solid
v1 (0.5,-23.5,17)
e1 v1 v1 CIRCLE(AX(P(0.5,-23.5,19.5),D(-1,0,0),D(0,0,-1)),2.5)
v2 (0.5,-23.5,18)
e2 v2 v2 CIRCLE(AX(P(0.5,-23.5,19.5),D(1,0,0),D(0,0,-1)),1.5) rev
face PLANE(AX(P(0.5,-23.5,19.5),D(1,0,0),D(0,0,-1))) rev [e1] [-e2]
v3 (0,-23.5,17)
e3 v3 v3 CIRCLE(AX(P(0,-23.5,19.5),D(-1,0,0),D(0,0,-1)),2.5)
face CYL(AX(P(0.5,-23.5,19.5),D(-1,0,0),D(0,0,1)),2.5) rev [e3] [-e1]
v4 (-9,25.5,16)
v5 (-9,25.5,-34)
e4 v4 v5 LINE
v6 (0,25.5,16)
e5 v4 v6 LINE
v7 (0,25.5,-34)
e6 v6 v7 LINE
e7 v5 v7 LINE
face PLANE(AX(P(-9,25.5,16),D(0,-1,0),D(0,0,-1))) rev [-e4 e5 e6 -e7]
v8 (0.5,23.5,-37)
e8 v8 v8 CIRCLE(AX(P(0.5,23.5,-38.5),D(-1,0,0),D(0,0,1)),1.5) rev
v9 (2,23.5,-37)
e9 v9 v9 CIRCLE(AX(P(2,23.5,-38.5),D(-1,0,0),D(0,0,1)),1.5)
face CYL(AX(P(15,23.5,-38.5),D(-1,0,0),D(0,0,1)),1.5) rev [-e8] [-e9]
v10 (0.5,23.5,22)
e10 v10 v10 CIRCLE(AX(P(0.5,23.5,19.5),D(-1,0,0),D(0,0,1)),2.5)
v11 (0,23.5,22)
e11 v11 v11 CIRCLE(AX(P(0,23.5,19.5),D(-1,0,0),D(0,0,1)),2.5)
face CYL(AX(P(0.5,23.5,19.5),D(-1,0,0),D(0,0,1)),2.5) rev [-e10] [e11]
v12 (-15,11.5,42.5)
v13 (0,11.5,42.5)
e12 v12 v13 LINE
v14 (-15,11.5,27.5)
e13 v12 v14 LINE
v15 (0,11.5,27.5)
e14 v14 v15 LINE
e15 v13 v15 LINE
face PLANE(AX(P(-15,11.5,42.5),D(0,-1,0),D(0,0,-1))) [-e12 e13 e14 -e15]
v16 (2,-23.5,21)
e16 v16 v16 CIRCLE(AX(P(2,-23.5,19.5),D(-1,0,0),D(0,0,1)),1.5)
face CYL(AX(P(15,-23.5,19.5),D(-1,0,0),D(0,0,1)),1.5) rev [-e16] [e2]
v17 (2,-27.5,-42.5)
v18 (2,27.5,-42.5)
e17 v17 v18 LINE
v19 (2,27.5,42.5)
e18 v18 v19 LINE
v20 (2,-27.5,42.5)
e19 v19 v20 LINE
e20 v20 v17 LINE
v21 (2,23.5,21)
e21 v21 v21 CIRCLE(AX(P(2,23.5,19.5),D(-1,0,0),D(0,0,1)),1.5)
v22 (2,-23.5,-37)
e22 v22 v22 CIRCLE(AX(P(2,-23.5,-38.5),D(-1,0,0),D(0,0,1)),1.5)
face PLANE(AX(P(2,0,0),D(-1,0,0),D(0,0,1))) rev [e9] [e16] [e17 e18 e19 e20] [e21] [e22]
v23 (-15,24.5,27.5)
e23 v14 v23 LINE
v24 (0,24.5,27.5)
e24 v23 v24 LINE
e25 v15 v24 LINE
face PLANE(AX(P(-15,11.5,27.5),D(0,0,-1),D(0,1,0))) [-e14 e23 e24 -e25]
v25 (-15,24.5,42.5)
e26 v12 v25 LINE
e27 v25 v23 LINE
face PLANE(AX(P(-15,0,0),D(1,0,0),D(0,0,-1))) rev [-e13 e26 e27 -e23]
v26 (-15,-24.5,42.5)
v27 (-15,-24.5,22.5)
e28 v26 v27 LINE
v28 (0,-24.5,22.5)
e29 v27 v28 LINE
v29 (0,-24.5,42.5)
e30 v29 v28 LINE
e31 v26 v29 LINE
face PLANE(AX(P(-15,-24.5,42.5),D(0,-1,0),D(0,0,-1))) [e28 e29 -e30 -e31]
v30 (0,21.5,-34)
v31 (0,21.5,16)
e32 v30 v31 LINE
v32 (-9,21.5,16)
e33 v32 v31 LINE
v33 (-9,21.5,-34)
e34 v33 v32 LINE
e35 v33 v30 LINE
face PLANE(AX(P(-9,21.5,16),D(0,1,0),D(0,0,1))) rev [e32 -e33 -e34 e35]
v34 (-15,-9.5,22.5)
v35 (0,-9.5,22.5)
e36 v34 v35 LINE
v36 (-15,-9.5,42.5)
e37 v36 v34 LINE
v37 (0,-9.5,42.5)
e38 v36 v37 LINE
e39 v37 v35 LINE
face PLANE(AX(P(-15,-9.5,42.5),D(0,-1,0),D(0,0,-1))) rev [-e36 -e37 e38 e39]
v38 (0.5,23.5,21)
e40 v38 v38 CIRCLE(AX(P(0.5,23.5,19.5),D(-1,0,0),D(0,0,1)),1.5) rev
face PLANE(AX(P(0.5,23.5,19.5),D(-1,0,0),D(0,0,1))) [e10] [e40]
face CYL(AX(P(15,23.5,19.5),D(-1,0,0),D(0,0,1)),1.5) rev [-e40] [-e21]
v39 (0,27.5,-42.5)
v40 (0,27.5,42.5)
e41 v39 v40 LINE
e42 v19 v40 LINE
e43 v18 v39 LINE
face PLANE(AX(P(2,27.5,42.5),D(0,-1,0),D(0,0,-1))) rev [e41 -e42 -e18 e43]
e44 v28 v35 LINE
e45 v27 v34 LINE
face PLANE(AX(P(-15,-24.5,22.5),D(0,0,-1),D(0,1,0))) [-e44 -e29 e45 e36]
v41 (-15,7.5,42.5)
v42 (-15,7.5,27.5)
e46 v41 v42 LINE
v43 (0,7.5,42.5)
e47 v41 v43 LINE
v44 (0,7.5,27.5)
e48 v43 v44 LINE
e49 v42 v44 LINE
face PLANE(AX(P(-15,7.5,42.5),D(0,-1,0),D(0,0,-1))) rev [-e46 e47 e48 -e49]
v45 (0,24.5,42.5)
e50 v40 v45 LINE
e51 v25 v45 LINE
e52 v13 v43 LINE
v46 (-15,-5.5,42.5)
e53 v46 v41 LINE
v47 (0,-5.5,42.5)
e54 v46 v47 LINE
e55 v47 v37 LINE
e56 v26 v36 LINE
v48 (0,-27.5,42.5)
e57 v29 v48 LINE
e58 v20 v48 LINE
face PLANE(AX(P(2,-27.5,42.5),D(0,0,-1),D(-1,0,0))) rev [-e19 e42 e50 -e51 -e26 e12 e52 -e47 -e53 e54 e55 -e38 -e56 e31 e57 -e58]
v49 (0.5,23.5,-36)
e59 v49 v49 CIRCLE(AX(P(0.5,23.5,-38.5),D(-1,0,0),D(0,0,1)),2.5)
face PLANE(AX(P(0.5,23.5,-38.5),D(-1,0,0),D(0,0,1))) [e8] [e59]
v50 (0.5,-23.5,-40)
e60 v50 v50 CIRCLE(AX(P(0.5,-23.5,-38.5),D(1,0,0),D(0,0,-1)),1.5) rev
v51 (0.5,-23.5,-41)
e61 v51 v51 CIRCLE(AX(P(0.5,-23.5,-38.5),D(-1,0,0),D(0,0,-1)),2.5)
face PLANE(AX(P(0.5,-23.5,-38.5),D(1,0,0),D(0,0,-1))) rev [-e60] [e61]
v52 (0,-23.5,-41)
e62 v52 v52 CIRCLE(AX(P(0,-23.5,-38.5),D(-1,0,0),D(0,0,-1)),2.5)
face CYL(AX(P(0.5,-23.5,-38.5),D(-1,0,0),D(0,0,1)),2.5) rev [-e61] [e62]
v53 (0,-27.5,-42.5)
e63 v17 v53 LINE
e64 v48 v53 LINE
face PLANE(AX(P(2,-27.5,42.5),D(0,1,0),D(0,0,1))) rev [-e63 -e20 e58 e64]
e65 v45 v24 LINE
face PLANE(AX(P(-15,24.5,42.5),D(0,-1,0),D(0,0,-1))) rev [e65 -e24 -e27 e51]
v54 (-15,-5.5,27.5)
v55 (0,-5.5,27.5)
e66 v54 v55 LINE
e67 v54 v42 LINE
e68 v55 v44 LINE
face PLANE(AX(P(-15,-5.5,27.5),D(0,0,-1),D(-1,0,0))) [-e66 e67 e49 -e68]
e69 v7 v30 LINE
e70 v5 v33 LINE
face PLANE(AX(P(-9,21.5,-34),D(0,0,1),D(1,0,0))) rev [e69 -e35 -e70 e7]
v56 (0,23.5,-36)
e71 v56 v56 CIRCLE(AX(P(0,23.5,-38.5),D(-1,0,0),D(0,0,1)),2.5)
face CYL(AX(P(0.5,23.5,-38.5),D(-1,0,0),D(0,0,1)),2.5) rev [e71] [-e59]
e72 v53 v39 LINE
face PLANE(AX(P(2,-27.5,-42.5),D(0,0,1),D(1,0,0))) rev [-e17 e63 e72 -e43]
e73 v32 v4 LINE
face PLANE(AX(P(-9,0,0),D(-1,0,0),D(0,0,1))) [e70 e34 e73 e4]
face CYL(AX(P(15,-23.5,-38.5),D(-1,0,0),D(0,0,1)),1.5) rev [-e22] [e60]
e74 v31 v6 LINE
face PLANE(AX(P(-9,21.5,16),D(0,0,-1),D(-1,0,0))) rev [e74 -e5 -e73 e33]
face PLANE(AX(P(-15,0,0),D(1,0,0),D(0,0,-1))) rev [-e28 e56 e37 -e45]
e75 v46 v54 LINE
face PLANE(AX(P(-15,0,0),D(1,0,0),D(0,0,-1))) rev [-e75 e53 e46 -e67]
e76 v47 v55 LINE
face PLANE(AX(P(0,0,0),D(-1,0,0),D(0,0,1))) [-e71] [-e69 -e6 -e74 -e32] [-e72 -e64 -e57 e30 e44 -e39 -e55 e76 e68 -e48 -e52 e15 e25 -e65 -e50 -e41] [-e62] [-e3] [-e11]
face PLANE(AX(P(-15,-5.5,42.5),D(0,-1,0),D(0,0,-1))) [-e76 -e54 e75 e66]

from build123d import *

# Parameters (mm, degrees)
ESQUISSE1_W             = 85
ESQUISSE1_H             = 55
BOSS_EXTRU_1_DEPTH      = 2
ESQUISSE2_W             = 20
ESQUISSE2_H             = 15
ESQUISSE2_W_2           = 15
ESQUISSE2_H_2           = 13
BOSS_EXTRU_2_DEPTH      = 15
ESQUISSE3_R             = 1.5
ENL_V_MAT_EXTRU_1_DEPTH = 15
ESQUISSE5_R             = 2.5
ENL_V_MAT_EXTRU_2_DEPTH = 0.5
ESQUISSE6_W             = 50
ESQUISSE6_H             = 4
BOSS_EXTRU_3_DEPTH      = 9


with BuildPart() as part:
    # Esquisse1 → Boss.-Extru.1 (new body)
    with BuildSketch(Plane(origin=(0, 0, 0), x_dir=(0, 0, -1), z_dir=(1, 0, 0))):
        Rectangle(ESQUISSE1_W, ESQUISSE1_H)
    extrude(amount=BOSS_EXTRU_1_DEPTH)

    # Esquisse2 → Boss.-Extru.2 (add)
    with BuildSketch(Plane.ZY):
        with Locations((32.5, -17)):
            Rectangle(ESQUISSE2_W, ESQUISSE2_H)
        with Locations((35, 1)):
            Rectangle(ESQUISSE2_W_2, ESQUISSE2_H_2)
        with Locations((35, 18)):
            Rectangle(ESQUISSE2_W_2, ESQUISSE2_H_2)
    extrude(amount=BOSS_EXTRU_2_DEPTH)

    # Esquisse3 → Enlèv. mat.-Extru.1 (cut)
    with BuildSketch(Plane.ZY):
        with Locations((-38.5, 23.5)):
            Circle(ESQUISSE3_R)
        with Locations((19.5, 23.5)):
            Circle(ESQUISSE3_R)
        with Locations((-38.5, -23.5)):
            Circle(ESQUISSE3_R)
        with Locations((19.5, -23.5)):
            Circle(ESQUISSE3_R)
    extrude(amount=-ENL_V_MAT_EXTRU_1_DEPTH, mode=Mode.SUBTRACT)

    # Esquisse5 → Enlèv. mat.-Extru.2 (cut)
    with BuildSketch(Plane.ZY):
        with Locations((19.5, 23.5)):
            Circle(ESQUISSE5_R)
        with Locations((-38.5, 23.5)):
            Circle(ESQUISSE5_R)
        with Locations(Location((-38.5, -23.5, 0), (0, 0, 180))):
            Circle(ESQUISSE5_R)
        with Locations(Location((19.5, -23.5, 0), (0, 0, 180))):
            Circle(ESQUISSE5_R)
    extrude(amount=-ENL_V_MAT_EXTRU_2_DEPTH, mode=Mode.SUBTRACT)

    # Esquisse6 → Boss.-Extru.3 (add)
    with BuildSketch(Plane.ZY):
        with Locations((-9, 23.5)):
            Rectangle(ESQUISSE6_W, ESQUISSE6_H)
    extrude(amount=BOSS_EXTRU_3_DEPTH)


solid = part.part
